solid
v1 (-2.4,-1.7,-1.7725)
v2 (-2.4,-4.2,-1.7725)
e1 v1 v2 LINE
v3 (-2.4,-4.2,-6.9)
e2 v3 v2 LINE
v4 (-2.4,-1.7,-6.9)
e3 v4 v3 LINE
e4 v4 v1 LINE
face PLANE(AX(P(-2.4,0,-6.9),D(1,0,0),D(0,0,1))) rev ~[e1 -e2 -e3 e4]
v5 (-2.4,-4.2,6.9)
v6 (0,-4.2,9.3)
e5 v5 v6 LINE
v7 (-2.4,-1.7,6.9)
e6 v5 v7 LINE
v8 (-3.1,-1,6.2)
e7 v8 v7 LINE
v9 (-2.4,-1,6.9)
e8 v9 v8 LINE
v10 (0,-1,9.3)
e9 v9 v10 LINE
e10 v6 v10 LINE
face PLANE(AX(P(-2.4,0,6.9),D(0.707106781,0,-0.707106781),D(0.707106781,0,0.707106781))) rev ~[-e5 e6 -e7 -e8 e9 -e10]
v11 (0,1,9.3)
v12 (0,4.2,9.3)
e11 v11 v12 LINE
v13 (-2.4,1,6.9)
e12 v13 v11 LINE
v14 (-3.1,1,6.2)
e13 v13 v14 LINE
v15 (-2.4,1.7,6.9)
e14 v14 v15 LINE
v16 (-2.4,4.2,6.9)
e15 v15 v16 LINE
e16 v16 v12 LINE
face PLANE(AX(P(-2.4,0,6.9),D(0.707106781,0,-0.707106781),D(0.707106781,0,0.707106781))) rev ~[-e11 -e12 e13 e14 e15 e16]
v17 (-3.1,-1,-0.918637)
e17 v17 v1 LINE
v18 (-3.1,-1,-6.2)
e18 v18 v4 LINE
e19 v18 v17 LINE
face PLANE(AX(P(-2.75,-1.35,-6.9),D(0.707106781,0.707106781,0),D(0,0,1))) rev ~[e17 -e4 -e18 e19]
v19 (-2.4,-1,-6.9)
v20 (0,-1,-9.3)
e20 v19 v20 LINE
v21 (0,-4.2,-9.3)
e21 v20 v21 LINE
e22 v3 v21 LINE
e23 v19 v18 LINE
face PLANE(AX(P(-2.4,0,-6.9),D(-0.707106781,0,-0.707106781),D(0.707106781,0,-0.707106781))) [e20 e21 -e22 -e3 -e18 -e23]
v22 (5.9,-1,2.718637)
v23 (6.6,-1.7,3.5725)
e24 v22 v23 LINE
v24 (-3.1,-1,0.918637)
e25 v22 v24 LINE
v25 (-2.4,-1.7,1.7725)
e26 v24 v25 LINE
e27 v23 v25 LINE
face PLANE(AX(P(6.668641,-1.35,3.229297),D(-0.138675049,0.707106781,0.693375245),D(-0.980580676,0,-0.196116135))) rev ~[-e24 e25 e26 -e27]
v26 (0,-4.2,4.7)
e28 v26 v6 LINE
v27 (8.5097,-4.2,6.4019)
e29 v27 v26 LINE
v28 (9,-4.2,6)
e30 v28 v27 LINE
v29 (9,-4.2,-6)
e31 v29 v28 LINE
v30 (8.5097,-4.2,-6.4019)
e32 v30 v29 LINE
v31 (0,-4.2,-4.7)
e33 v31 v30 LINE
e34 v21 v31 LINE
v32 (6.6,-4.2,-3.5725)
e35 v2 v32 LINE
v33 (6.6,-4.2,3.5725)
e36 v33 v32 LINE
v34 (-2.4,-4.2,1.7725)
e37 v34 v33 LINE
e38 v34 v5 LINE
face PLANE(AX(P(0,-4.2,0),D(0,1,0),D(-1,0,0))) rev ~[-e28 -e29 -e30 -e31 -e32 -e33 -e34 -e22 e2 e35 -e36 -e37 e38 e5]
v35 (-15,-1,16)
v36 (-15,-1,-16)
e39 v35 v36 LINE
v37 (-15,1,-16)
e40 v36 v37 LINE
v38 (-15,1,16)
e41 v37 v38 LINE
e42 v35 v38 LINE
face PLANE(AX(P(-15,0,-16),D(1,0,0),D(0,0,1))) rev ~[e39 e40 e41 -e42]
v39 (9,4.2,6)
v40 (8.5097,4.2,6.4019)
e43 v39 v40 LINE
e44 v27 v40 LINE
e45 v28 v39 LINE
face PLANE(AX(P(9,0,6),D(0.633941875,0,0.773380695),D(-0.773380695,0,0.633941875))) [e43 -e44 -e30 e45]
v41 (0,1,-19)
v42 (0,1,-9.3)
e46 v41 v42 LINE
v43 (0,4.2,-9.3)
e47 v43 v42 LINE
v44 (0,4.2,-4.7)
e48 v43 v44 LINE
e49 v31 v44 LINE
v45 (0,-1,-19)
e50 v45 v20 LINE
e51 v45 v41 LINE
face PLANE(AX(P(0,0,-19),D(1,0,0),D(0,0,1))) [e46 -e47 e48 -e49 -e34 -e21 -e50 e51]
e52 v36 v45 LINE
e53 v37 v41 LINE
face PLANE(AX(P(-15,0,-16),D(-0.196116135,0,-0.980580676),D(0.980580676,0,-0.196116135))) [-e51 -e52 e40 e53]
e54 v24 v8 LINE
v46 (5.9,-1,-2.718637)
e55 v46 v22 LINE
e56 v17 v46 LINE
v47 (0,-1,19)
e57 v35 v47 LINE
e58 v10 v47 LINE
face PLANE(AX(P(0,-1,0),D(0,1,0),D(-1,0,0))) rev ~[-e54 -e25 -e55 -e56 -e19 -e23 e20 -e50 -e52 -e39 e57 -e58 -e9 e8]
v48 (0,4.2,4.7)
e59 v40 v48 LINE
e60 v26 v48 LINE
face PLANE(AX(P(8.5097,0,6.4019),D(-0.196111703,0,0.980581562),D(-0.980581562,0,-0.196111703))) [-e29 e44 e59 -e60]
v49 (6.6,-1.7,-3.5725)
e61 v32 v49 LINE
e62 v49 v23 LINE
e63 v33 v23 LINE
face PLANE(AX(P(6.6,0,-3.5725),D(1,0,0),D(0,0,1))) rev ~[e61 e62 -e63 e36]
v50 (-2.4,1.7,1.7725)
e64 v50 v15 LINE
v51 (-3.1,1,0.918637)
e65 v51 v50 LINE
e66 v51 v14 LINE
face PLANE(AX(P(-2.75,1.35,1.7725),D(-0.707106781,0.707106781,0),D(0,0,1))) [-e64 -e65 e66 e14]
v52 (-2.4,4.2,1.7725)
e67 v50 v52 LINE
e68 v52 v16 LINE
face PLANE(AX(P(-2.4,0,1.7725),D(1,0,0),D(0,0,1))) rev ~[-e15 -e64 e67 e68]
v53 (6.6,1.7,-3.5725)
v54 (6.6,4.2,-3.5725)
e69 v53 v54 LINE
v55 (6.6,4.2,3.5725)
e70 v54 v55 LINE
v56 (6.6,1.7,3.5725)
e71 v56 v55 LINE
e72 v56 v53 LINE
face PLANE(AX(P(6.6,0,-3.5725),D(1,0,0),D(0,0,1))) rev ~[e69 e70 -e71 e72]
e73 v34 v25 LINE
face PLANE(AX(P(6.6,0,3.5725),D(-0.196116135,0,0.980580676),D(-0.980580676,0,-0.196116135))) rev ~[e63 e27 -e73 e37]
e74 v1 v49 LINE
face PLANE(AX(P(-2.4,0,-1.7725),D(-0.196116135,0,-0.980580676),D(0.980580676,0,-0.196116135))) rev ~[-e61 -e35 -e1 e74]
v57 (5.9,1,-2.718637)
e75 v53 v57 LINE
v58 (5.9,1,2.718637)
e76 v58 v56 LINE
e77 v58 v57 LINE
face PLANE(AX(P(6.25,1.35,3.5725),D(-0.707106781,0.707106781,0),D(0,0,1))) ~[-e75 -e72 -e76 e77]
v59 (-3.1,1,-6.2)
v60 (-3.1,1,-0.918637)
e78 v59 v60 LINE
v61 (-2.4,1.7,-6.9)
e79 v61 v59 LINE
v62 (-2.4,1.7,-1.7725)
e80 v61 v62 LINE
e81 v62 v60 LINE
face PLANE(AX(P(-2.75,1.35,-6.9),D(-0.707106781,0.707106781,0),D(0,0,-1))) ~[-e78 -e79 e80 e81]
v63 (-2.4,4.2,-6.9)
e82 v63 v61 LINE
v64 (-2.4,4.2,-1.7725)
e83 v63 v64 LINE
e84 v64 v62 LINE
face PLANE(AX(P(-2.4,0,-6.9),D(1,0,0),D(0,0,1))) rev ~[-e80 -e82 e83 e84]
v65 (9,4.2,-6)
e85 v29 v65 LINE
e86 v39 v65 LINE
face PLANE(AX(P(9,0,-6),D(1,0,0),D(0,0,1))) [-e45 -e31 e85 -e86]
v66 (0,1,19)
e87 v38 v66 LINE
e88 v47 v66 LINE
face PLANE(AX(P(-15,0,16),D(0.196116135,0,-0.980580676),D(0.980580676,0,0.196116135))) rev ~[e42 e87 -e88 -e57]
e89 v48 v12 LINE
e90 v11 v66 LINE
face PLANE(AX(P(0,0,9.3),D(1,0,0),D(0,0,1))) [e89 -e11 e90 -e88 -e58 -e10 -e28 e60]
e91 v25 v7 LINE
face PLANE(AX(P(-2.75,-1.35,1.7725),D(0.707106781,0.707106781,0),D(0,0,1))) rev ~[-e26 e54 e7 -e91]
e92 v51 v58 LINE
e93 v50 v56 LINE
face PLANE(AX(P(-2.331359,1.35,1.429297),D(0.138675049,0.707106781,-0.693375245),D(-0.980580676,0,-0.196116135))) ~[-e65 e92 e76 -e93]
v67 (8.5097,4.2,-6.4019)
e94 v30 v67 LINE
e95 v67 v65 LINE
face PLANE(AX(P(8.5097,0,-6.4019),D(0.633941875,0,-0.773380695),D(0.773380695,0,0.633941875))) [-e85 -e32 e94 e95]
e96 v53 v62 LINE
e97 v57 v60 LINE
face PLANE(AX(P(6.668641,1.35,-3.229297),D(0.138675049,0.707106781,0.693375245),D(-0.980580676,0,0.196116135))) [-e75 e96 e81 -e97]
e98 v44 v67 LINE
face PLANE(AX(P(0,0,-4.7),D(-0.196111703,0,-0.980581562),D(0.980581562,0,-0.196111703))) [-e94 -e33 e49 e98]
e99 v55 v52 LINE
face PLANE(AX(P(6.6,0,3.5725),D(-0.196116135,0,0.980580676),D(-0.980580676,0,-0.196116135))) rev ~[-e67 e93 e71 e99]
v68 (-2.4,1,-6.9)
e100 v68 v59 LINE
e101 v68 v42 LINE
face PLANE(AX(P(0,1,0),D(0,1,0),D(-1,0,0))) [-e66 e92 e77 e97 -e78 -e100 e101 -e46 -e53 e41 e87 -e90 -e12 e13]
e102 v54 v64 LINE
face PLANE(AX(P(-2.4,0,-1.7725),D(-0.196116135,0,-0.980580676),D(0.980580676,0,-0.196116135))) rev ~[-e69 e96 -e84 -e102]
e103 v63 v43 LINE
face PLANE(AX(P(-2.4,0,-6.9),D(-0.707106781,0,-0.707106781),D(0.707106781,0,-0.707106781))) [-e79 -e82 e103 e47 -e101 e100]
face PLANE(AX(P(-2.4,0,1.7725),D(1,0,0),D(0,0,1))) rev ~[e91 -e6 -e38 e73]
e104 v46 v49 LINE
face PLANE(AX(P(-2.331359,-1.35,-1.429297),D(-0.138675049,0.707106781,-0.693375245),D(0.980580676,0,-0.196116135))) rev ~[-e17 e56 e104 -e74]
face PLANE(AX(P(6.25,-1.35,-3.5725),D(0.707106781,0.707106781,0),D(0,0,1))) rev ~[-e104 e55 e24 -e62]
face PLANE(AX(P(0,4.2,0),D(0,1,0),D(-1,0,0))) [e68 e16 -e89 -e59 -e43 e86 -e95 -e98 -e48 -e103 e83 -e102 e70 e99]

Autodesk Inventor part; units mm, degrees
ref_plane "YZ Plane" through (0, 0, 0) normal (1, 0, 0) x (0, 1, 0)
ref_plane "BackFace" through (0, -1, 0) normal (0, 1, 0) x (-1, 0, 0)
ref_plane "BottomFace" through (0, -4.2, 0) normal (0, 1, 0) x (-1, 0, 0)
sketch "FemaleOutline" plane through (0, 0, 0) normal (0, 1, 0) x (-1, 0, 0)
  line L0 (0, -26.6) -> (0, 26.6) projected
  line L1 (-3, 0) -> (18, 0) projected
  line L2 (0.4908, -4.8956) -> (9.5, -6.65)
  line L3 (9.5, -6.65) -> (9.5, 6.65)
  line L4 (9.5, 6.65) -> (0.4908, 4.8956)
  line L5 (0, -19) -> (0, -5.3)
  line L6 (0, 5.3) -> (0, 19)
  line L7 (2.4, -6.9) -> (11.5, -6.9)
  line L8 (11.5, -6.9) -> (11.5, 6.9)
  line L9 (11.5, 6.9) -> (2.4, 6.9)
  line L10 (2.4, -6.9) -> (0, -9.3)
  line L11 (2.4, 6.9) -> (0, 9.3)
  line L12 (15, -16) -> (15, 16)
  line L13 (15, 16) -> (0, 19)
  line L14 (15, -16) -> (0, -19)
  line L15 (0.4908, 4.8956) -> (0, 5.3)
  line L16 (0.4908, -4.8956) -> (0, -5.3)
  point P0 (0, 0)
  point P1 (0, -4.8)
  point P2 (0, 4.8)
  point P3 (0, 9.3)
  point P4 (0, 4.8)
  point P5 (0, -4.8)
  point P6 (0, -9.3)
  point P7 (0, -5.3)
  point P8 (0, 5.3)
  dimension "d3" = 13.3
  dimension "d5" = 9.6
  dimension "d14" = 2
  dimension "d63" = 2.4
  dimension "d64" = 18.6
  dimension "d65" = 15
  dimension "d74" = 38
  dimension "d75" = 3
  dimension "d93" = 9.5
  dimension "d94" = 2.4
  dimension "d95" = 0.5
  dimension "d96" = 0.5
  dimension "d97" = 0.5
  dimension "d98" = 0.5
sketch "MaleOutline" plane through (0, 0, 0) normal (0, 1, 0) x (-1, 0, 0)
  line L0 (0, -4.7) -> (-8.5097, -6.4019)
  line L1 (-9, -6) -> (-9, 6)
  line L2 (-8.5097, 6.4019) -> (0, 4.7)
  line L3 (0, -19) -> (0, -4.7)
  line L4 (0, 4.7) -> (0, 19)
  line L5 (2.4, -1.7725) -> (-6.6, -3.5725)
  line L6 (-6.6, -3.5725) -> (-6.6, 3.5725)
  line L7 (-6.6, 3.5725) -> (2.4, 1.7725)
  line L8 (2.4, -6.9) -> (2.4, -1.7725)
  line L9 (2.4, 1.7725) -> (2.4, 6.9)
  line L10 (2.4, -6.9) -> (0, -9.3)
  line L11 (2.4, 6.9) -> (0, 9.3)
  line L12 (15, -16) -> (15, 16)
  line L13 (15, 16) -> (0, 19)
  line L14 (15, -16) -> (0, -19)
  line L15 (0, -26.6) -> (0, 26.6) projected
  line L16 (-13.8, 0) -> (19.8, 0) projected
  line L17 (-8.5097, -6.4019) -> (-9, -6)
  line L18 (-9, 6) -> (-8.5097, 6.4019)
  point P0 (-9, -6.5)
  point P1 (-9, 6.5)
  dimension "d99" = 9
  dimension "d100" = 13
  dimension "d101" = 9.4
  dimension "d102" = 2.4
  dimension "d103" = 2.4
  dimension "d104" = 2.4
  dimension "d105" = 2.4
  dimension "d106" = 2.4
  dimension "d107" = 18.6
  dimension "d109" = 38
  dimension "d110" = 3
  dimension "d120" = 15
  dimension "d128" = 0.5
  dimension "d129" = 0.5
  dimension "d130" = 0.5
  dimension "d131" = 0.5
sketch "DipOutline" plane through (0, -1, 0) normal (0, 1, 0) x (-1, 0, 0)
  line L0 (0, -120.0212) -> (0, 93.8212) projected
  line L1 (-3, 0) -> (18, 0) projected
  line L2 (0, 19) -> (15, 16)
  line L3 (15, 16) -> (15, -16)
  line L4 (15, -16) -> (0, -19)
  line L5 (0, -19) -> (0, 19)
  line L6 (0, 19) -> (0, 4.7)
  line L7 (10.95, -6.3) -> (14.95, -6.3)
  line L8 (14.95, -6.3) -> (14.95, -2.6)
  line L9 (14.95, -2.6) -> (10.95, -2.6)
  line L10 (10.95, -2.6) -> (10.95, -6.3)
  line L11 (14.95, -15.85) -> (14.95, -10.35)
  arc A0 (14.95, -10.35) -> (0, -8.95) centre (0, -89.4723) ccw
  arc A1 (0, -17.25) -> (14.95, -15.85) centre (0, 63.2723) ccw
  line L12 (9.5, 0) -> (9.5, -6.9)
  line L13 (9.5, -6.9) -> (0, -6.9)
  line L14 (0, -8.45) -> (0.5, -8.9516)
  line L15 (0, -17.75) -> (0.5, -17.2484)
  point P0 (0, -17.25)
  point P1 (15, 0)
  point P2 (0, 0)
  point P3 (0, -8.95)
  dimension "d133" = 15
  dimension "d134" = 38
  dimension "d135" = 3
  dimension "d146" = 3.7
  dimension "d147" = 6.3
  dimension "d148" = 2.6
  dimension "d151" = 14.95
  dimension "d152" = 4
  dimension "d153" = 5.5
  dimension "d154" = 8.3
  dimension "d155" = 17.25
  dimension "d160" = 6.9
  dimension "d161" = 9.5
  dimension "d196" = 0.5
  dimension "d197" = 0.5
  dimension "d198" = 0.5
  dimension "d199" = 0.5
sketch "DipSupport" plane through (0, -4.2, 0) normal (0, 1, 0) x (-1, 0, 0)
  line L0 (0, -20.94) -> (0, 3.49) projected
  line L1 (-5.0794, 0) -> (17.4132, 0) projected
  line L2 (-1.8662, -13.1) -> (-0.8497, -13.1)
  line L3 (0, -9.95) -> (0, -16.25)
  line L4 (0, -16.25) -> (0.6, -16.25)
  line L5 (0.6, -16.25) -> (0.6, -15.5)
  line L6 (0.6, -14.8486) -> (0.6, -13.35)
  line L7 (0.6, -13.35) -> (13.117, -13.35)
  line L8 (13.117, -13.35) -> (13.4421, -13.9987)
  line L9 (13.4421, -13.9987) -> (0.6, -14.8486)
  line L10 (0.6, -12.85) -> (13.117, -12.85)
  line L11 (13.117, -12.85) -> (13.4421, -12.2013)
  line L12 (13.4421, -12.2013) -> (0.6, -11.3514)
  line L13 (0.6, -11.3514) -> (0.6, -12.85)
  line L14 (0, -9.95) -> (0.6, -9.95)
  line L15 (0.6, -9.95) -> (0.6, -10.7)
  line L16 (0, -9.95) -> (0, -8.75)
  line L17 (0, -8.75) -> (0.3, -8.75)
  line L18 (0.3, -8.75) -> (0.6, -9.05)
  line L19 (0.6, -9.05) -> (0.6, -9.95)
  line L20 (0, -16.25) -> (0, -17.45)
  line L21 (0.3, -17.45) -> (0.6, -17.15)
  line L22 (0.6, -17.15) -> (0.6, -16.25)
  line L23 (0, -17.45) -> (0.3, -17.45)
  line L24 (0.6, -15.5) -> (14.2, -14.6)
  line L25 (14.2, -14.6) -> (14.2, -13.9486)
  line L26 (14.2, -13.9486) -> (13.9, -13.35)
  line L27 (13.9, -13.35) -> (13.9, -12.85)
  line L28 (13.9, -12.85) -> (14.2, -12.2514)
  line L29 (14.2, -12.2514) -> (14.2, -11.6)
  line L30 (14.2, -11.6) -> (0.6, -10.7)
  line L31 (0, -9.95) -> (0, -8.75)
  line L32 (0, -16.25) -> (0, -17.45)
  point P0 (0, 0)
  point P1 (0, -17.25)
  point P2 (0, -8.95)
  dimension "d169" = 0.5
  dimension "d171" = 4.8
  dimension "d181" = 4.15
  dimension "d182" = 4.15
  dimension "d183" = 0.2
  dimension "d184" = 1
  dimension "d185" = 0.3
  dimension "d186" = 0.6
  dimension "d187" = 45
  dimension "d188" = 14.2
  dimension "d189" = 3
  dimension "d190" = 0.65
  dimension "d191" = 0.3
  dimension "d193" = 0.7
extrude "Female1" [suppressed]
extrude "Female2" [suppressed]
chamfer "FemaleC" [suppressed]
extrude "FemaleFill" [suppressed]
extrude "Male1" add sketch "MaleOutline" along normal mid plane 8.4 separate body contours L15 L5 L8 L10 L3 | L0 L17 L1 L16 L6 L5 L15 | L1 L18 L2 L15 L7 L6 L16 | L15 L4 L11 L9 L7
extrude "Male2" add sketch "MaleOutline" along normal mid plane 2 contours L10 L8 L5 L15 L16 L12 L14 L3 | L5 L6 L16 L15 | L16 L6 L7 L15 | L15 L7 L9 L11 L4 L13 L12 L16
chamfer "MaleC" distance 0.7 angle 45 10 edges at (2.1, 1, -2.6725) (2.1, 1, 2.6725) (6.6, 1, 0) (2.1, -1, 2.6725) (6.6, -1, 0) (2.1, -1, -2.6725) (-2.4, -1, 4.3362) (-2.4, -1, -4.3362) (-2.4, 1, 4.3362) (-2.4, 1, -4.3362)
extrude "MaleFill" [suppressed]
extrude "JointDip" [suppressed]
extrude "JointDipSup1" [suppressed]
extrude "JointDipSup2" [suppressed]
mirror "JointDipM" [suppressed]
mirror "JointDipSupM" [suppressed]
sketch "PrintTab" plane through (0, -4.2, 0) normal (0, 1, 0) x (-1, 0, 0)
  line L0 (0, -30.8) -> (0, 30.8) projected
  line L1 (-10.4076, 0) -> (1.7346, 0) projected
  line L2 (0, -19) -> (0, -17)
  line L3 (0, 17) -> (0, 19)
  line L4 (0, 19) -> (-0.8, 19)
  line L5 (0, 17) -> (-0.8, 17)
  line L6 (0, -17) -> (-0.8, -17)
  line L7 (0, -19) -> (-0.8, -19)
  line L8 (-0.8, -19) -> (-0.8, -17)
  line L9 (-0.8, 17) -> (-0.8, 19)
  arc A0 (-0.8, 19) -> (-0.8, 17) centre (-4.673, 18) ccw
  arc A1 (-0.8, -17) -> (-0.8, -19) centre (-4.673, -18) ccw
  point P0 (0, 0)
  dimension "d208" = 2
  dimension "d209" = 38
  dimension "d216" = 0.8
  dimension "d217" = 4
extrude "PrintTab1" [suppressed]
extrude "PrintTab2" [suppressed]
equation "\"d19\" = RailHeight"
equation "\"rib\" = 0.65"
equation "\"gap\" = 0.2"
equation "\"d118\" = 0"
equation "\"d143\" = 0"
equation "\"d178\" = 0.5"
equation "\"RailHeight\" = 8.4"
properties part number "MaleDoubleSide" material "ABS プラスチック"
